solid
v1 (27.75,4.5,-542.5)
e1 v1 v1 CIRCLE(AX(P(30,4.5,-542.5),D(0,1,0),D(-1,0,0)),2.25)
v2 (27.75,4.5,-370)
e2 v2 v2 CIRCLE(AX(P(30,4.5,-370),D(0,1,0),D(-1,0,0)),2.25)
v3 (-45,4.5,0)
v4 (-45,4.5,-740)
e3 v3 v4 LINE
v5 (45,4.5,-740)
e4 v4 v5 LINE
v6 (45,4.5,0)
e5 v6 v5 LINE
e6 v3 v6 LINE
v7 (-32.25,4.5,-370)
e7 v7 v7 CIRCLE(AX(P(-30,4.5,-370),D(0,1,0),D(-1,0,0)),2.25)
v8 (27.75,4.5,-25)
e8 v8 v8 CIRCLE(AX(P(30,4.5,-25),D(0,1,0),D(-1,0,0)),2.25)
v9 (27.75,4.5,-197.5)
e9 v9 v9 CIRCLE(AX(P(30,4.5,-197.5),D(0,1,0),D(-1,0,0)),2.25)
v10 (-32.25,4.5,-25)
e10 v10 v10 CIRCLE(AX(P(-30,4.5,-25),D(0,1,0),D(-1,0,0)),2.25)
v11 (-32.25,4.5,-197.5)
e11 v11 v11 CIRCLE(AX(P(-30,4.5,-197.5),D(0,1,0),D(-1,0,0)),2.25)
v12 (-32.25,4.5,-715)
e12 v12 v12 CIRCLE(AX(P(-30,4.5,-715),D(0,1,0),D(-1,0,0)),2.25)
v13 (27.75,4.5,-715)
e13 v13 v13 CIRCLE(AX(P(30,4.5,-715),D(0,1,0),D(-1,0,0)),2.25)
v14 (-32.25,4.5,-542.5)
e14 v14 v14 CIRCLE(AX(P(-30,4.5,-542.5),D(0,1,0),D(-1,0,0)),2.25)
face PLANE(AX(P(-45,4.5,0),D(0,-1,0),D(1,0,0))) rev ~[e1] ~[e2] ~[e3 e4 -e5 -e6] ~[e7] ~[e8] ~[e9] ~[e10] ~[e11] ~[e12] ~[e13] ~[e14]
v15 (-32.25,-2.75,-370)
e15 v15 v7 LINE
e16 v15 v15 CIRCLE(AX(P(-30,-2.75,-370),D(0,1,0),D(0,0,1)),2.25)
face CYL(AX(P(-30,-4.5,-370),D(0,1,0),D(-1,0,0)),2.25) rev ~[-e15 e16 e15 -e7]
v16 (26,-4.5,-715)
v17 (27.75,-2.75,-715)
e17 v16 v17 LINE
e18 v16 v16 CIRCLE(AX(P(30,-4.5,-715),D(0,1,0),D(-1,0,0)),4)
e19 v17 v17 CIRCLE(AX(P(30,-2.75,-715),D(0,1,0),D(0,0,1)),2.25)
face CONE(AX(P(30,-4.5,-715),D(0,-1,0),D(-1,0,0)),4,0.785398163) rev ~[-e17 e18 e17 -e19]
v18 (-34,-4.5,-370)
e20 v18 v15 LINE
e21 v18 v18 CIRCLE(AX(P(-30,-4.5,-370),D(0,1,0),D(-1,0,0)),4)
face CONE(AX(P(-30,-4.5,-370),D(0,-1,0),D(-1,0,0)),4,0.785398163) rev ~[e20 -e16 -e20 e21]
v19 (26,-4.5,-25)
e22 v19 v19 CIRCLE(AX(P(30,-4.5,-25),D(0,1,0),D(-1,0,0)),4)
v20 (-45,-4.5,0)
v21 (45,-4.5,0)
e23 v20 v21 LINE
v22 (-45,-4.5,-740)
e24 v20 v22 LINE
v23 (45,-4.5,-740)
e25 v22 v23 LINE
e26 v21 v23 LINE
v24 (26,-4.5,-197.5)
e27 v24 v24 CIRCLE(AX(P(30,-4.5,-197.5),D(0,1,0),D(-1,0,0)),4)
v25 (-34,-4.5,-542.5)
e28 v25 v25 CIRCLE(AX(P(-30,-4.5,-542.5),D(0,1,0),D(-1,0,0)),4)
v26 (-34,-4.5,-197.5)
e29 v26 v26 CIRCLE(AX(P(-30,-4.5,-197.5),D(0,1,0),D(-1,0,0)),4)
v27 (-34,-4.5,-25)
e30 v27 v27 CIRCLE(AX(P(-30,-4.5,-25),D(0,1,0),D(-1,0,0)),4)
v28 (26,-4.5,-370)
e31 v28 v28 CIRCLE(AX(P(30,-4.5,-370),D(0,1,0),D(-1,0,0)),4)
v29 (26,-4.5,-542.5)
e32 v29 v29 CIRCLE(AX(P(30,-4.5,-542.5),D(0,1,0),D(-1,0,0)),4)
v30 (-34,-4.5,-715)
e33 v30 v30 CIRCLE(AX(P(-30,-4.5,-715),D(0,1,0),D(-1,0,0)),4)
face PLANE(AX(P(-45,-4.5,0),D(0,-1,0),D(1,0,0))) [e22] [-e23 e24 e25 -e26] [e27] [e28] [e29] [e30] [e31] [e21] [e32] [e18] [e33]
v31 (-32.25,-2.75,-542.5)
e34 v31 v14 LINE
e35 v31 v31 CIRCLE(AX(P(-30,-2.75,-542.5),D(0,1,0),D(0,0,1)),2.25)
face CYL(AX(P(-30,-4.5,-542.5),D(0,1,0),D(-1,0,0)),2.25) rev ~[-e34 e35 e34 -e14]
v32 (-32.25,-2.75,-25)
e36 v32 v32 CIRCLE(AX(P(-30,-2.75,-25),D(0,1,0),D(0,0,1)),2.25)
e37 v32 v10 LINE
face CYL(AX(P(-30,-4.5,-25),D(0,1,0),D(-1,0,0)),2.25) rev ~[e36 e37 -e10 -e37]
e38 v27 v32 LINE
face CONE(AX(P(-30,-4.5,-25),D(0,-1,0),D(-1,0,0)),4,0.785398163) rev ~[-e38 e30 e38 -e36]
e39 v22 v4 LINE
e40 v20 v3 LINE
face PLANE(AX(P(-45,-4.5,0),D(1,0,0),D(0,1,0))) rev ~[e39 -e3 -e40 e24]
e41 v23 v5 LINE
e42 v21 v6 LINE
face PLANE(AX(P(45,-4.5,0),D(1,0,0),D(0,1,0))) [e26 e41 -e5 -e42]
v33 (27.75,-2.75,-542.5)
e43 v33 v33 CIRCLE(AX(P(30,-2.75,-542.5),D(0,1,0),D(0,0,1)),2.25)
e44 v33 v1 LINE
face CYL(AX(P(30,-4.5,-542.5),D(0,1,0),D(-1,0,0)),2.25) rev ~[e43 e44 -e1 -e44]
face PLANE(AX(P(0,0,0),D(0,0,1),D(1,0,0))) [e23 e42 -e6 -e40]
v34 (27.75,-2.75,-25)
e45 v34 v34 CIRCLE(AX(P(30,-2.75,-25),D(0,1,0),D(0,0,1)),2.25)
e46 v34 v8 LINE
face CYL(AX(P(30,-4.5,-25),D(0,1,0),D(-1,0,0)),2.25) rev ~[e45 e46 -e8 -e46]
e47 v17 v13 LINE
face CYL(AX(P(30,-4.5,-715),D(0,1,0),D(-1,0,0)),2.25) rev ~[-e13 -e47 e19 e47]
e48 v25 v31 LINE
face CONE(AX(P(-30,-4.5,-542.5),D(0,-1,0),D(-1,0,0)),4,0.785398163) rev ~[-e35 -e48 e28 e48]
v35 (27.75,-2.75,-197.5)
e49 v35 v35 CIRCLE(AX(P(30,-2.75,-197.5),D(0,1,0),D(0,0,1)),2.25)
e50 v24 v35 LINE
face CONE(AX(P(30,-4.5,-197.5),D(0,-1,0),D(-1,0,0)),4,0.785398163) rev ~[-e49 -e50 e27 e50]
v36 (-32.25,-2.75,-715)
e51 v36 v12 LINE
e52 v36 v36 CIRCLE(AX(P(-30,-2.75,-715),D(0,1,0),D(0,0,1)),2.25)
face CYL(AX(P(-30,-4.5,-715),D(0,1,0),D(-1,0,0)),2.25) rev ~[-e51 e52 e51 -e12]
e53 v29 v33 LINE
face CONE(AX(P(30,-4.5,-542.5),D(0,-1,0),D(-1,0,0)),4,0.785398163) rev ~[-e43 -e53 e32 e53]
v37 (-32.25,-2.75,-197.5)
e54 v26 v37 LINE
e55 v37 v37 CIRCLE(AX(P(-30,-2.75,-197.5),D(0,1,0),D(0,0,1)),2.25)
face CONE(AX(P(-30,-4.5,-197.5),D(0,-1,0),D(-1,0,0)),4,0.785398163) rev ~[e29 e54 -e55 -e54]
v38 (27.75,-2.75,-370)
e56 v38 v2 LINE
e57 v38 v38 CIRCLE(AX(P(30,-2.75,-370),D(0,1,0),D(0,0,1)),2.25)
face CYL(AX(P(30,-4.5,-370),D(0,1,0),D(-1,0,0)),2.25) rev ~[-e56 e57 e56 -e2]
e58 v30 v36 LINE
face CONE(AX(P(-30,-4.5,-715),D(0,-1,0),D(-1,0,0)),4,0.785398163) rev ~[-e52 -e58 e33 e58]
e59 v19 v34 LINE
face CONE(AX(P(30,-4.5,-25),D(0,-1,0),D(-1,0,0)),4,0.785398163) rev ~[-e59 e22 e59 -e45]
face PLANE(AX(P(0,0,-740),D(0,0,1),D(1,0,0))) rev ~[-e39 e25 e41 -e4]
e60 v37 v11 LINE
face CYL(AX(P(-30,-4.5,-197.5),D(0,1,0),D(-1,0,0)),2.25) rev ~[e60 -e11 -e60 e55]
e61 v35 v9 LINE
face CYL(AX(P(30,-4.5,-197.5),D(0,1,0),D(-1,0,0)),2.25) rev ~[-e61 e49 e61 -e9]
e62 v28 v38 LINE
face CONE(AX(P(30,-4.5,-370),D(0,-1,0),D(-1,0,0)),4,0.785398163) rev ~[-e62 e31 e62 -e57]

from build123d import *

# Parameters (mm, degrees)
F0_W           = 90
F0_H           = 9
F1_DEPTH       = 740
F3_D           = 4.5
F3_CSINK_D     = 8
F3_CSINK_ANGLE = 90


with BuildPart() as f1:
    # F0 (on Top) → F1 (new body)
    with BuildSketch(Plane.XY):
        Rectangle(F0_W, F0_H)
    extrude(amount=-F1_DEPTH)

    # F3 (through all)
    with Locations(Plane.XZ.offset(4.5)):
        with Locations((-30, -715), (-30, -25), (-30, -542.5), (-30, -370), (-30, -197.5), (30, -25), (30, -197.5), (30, -370), (30, -542.5), (30, -715)):
            CounterSinkHole(F3_D / 2, F3_CSINK_D / 2, counter_sink_angle=F3_CSINK_ANGLE)


solid = f1.part
